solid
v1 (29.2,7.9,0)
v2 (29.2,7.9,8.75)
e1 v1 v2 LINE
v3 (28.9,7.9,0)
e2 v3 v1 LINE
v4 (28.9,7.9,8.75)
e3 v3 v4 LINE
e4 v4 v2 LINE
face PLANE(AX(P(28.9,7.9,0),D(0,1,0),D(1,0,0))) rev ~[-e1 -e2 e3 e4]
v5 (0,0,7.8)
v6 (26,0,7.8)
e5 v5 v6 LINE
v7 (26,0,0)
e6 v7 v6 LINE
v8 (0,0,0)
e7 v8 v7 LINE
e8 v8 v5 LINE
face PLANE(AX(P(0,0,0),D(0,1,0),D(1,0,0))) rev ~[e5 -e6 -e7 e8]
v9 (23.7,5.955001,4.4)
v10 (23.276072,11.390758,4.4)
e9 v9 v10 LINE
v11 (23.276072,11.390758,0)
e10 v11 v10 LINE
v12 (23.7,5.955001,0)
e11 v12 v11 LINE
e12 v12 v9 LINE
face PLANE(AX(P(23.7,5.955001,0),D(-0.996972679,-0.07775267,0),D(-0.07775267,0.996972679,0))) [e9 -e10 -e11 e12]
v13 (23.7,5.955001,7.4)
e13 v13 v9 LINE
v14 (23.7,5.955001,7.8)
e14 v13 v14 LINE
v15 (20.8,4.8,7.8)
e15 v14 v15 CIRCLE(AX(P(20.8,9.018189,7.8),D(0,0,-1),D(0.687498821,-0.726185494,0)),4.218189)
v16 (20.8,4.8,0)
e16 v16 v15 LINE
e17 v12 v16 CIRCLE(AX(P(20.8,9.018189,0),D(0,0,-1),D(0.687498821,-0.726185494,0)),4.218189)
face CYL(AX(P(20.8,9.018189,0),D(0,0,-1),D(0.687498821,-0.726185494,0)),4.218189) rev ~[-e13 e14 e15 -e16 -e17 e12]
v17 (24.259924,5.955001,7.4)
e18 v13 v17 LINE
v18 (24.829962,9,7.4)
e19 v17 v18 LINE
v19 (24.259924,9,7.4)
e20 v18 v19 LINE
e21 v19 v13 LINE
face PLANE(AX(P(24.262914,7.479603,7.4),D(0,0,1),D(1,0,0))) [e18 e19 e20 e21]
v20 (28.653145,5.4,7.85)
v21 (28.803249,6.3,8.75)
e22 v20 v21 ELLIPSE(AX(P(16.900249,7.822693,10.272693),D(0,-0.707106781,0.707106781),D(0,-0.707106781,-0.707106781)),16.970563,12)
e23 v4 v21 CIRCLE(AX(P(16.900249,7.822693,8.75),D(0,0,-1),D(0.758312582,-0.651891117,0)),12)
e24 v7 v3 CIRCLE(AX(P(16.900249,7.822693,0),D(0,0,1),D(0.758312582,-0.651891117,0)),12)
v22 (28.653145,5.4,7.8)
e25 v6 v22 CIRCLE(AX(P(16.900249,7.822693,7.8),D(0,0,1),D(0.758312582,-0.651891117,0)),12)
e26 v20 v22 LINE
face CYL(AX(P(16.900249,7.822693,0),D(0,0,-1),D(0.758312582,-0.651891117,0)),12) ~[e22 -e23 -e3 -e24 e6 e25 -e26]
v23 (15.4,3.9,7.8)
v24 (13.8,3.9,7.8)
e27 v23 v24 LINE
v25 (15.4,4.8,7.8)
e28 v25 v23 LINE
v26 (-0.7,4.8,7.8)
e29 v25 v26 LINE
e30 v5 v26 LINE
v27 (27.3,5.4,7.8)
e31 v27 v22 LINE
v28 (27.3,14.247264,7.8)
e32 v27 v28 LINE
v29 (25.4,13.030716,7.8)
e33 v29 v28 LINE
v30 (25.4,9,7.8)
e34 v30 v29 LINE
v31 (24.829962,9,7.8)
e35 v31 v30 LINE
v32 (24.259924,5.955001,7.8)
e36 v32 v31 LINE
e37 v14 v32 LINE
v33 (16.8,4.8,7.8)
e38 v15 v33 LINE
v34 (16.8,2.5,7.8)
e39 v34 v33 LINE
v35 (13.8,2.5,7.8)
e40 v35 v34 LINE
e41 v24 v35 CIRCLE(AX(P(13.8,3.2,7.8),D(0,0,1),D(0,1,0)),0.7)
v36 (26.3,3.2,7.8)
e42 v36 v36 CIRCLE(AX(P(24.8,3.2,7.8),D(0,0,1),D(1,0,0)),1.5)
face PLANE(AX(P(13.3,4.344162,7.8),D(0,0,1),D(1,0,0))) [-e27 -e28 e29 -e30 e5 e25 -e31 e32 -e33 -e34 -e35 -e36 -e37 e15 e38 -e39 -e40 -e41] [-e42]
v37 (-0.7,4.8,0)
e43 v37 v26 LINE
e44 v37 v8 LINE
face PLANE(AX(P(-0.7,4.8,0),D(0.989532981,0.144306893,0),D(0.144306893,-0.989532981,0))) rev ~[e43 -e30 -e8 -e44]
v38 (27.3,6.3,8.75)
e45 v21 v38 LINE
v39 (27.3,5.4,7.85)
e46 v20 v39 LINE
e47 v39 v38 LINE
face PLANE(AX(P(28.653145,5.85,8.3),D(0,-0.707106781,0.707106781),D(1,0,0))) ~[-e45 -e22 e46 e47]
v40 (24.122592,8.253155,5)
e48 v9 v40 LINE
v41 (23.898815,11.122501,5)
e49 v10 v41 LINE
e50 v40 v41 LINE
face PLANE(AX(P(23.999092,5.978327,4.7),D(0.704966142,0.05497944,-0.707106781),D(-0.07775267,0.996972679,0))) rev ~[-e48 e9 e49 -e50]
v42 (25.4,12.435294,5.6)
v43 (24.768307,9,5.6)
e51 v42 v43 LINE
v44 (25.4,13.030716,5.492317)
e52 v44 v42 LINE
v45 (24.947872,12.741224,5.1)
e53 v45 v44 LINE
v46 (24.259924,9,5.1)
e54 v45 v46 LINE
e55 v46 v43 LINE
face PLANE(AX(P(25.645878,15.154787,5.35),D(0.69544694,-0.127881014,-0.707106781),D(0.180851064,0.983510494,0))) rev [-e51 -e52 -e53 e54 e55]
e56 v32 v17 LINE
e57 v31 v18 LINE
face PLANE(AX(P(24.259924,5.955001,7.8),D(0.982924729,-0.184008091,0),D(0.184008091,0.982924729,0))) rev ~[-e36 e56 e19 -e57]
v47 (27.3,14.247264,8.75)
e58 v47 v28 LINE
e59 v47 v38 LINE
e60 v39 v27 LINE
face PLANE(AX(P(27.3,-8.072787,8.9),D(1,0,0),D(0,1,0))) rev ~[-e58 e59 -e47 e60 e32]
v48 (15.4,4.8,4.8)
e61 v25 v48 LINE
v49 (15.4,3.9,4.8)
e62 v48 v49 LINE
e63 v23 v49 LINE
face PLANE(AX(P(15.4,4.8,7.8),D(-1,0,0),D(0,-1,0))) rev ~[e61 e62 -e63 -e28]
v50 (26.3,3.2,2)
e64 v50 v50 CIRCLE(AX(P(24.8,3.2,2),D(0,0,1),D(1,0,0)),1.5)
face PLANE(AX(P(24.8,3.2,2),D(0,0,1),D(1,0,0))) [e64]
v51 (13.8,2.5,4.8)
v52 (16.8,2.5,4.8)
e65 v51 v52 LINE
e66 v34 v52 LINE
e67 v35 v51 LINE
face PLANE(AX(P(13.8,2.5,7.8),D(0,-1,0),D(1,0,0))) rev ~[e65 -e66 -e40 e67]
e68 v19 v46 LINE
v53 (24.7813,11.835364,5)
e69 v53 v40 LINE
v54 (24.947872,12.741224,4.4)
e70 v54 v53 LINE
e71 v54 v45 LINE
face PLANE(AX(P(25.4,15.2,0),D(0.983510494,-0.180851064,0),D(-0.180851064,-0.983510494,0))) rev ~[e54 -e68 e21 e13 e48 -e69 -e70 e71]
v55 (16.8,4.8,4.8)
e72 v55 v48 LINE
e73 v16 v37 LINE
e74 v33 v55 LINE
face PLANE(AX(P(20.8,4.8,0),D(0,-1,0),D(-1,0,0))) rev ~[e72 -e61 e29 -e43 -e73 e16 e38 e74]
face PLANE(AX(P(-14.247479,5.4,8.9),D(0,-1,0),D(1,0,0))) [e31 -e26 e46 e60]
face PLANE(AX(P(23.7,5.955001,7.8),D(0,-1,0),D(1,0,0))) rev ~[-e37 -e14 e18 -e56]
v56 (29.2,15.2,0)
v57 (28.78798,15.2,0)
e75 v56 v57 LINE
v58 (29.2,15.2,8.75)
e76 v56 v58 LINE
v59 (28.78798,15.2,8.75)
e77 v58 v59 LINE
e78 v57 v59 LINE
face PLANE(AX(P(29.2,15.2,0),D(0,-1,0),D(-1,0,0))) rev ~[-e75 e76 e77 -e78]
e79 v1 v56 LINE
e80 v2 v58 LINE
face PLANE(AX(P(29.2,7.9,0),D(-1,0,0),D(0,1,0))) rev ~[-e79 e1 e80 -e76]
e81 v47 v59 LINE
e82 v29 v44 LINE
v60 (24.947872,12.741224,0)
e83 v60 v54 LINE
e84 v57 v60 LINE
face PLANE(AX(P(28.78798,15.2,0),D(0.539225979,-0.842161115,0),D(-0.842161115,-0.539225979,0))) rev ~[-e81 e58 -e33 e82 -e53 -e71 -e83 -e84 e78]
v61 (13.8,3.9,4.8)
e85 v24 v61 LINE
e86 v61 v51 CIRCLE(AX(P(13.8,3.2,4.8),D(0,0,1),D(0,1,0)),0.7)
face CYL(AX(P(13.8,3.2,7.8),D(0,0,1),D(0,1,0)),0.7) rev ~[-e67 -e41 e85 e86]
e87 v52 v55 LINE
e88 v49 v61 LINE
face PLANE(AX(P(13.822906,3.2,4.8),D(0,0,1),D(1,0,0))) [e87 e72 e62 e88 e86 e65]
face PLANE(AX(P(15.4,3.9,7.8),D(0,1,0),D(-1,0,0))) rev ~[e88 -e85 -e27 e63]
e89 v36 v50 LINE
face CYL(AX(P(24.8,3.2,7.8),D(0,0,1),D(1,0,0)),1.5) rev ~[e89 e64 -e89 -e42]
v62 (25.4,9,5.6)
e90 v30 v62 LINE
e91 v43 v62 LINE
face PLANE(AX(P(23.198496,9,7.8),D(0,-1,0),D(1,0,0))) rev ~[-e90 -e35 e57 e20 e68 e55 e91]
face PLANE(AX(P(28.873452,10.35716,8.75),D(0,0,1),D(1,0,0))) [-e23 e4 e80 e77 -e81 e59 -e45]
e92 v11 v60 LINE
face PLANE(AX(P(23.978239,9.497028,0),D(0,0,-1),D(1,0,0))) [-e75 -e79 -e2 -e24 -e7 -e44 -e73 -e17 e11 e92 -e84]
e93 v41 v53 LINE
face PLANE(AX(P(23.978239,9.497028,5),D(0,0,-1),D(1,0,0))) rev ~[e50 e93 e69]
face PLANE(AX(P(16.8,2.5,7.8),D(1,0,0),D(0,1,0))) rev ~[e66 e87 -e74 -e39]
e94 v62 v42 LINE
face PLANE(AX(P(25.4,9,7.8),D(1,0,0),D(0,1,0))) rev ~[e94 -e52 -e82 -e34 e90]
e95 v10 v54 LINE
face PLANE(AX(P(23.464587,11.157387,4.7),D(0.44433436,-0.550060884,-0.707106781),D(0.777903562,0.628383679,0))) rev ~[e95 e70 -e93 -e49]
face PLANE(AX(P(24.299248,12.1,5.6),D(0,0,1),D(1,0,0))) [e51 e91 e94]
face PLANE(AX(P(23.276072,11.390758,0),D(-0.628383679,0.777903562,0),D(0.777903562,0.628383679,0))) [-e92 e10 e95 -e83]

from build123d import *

# Parameters (mm, degrees)
F1_DEPTH  = 8.9
F2_W      = 28
F2_H      = 24.8338975774
F3_DEPTH  = 1.1
F4_W      = 81.2477835059
F4_H      = 5
F5_DEPTH  = 1.1
F6_R      = 1.5
F7_DEPTH  = 5.8
F8_W      = 8.6927097291
F8_H      = 13.0551015027
F9_DEPTH  = 0.15
F10_SIZE  = 0.9
F12_DEPTH = 3
F13_W     = 2.2015041194
F13_H     = 6.2
F14_DEPTH = 2.2
F15_SIZE  = 0.5
F17_DEPTH = 0.4
F19_DEPTH = 25
F21_DEPTH = 5
F22_SIZE  = 0.6


with BuildPart() as f1:
    # F0 (on Top) → F1 (new body)
    with BuildSketch(Plane.XY):
        with BuildLine():
            Line((-0.7, 4.8), (0, 0))
            Line((0, 0), (26, 0))
            ThreePointArc((26, 0), (28.1652277476, 3.687448042), (28.9, 7.9))
            Line((28.9, 7.9), (29.2, 7.9))
            Line((29.2, 7.9), (29.2, 15.2))
            Line((29.2, 15.2), (25.4, 15.2))
            Line((25.4, 15.2), (23.7, 5.9550013521))
            ThreePointArc((23.7, 5.9550013521), (22.3607712936, 5.0993739442), (20.8, 4.8))
            Line((20.8, 4.8), (-0.7, 4.8))
        make_face()
    extrude(amount=F1_DEPTH)

    # F2 (on face) → F3 (cut)
    with BuildSketch(Plane.XY.offset(8.9)):
        with Locations((13.3, 4.3441619959)):
            Rectangle(F2_W, F2_H)
    extrude(amount=-F3_DEPTH, mode=Mode.SUBTRACT)

    # F4 (on face) → F5 (cut)
    with BuildSketch(Plane.XY.offset(8.9)):
        with Locations((26.3764131814, 2.9)):
            Rectangle(F4_W, F4_H)
    extrude(amount=-F5_DEPTH, mode=Mode.SUBTRACT)

    # F6 (on face) → F7 (cut)
    with BuildSketch(Plane.XY.offset(7.8)):
        with Locations((24.8, 3.2)):
            Circle(F6_R)
    extrude(amount=-F7_DEPTH, mode=Mode.SUBTRACT)

    # F8 (on face) → F9 (cut)
    with BuildSketch(Plane.XY.offset(8.9)):
        with Locations((28.8734519854, 10.3571598884)):
            Rectangle(F8_W, F8_H)
    extrude(amount=-F9_DEPTH, mode=Mode.SUBTRACT)

    # F10
    f10_edges = [f1.edges().sort_by_distance(p)[0] for p in [
        (27.976572, 5.4, 8.75),
    ]]
    chamfer(f10_edges, length=F10_SIZE)

    # F11 (on face) → F12 (cut)
    with BuildSketch(Plane.XY.offset(7.8)):
        with BuildLine():
            ThreePointArc((13.8, 2.5), (14.2949747468, 2.7050252532), (14.5, 3.2))
            ThreePointArc((14.5, 3.2), (14.2949747468, 3.6949747468), (13.8, 3.9))
            ThreePointArc((13.8, 3.9), (13.1, 3.2), (13.8, 2.5))
        make_face()
        with BuildLine():
            ThreePointArc((13.8, 3.9), (14.2949747468, 3.6949747468), (14.5, 3.2))
            ThreePointArc((14.5, 3.2), (14.2949747468, 2.7050252532), (13.8, 2.5))
            Line((13.8, 2.5), (16.8, 2.5))
            Line((16.8, 2.5), (16.8, 4.8))
            Line((16.8, 4.8), (15.4, 4.8))
            Line((15.4, 4.8), (15.4, 3.9))
            Line((15.4, 3.9), (13.8, 3.9))
        make_face()
    extrude(amount=-F12_DEPTH, mode=Mode.SUBTRACT)

    # F13 (on face) → F14 (cut)
    with BuildSketch(Plane.XY.offset(7.8)):
        with Locations((24.2992479403, 12.1)):
            Rectangle(F13_W, F13_H)
    extrude(amount=-F14_DEPTH, mode=Mode.SUBTRACT)

    # F15
    f15_edges = [f1.edges().sort_by_distance(p)[0] for p in [
        (24.829962, 12.1, 5.6),
    ]]
    chamfer(f15_edges, length=F15_SIZE)

    # F16 (on face) → F17 (cut)
    with BuildSketch(Plane.XY.offset(7.8)):
        Polygon((24.8299620583, 9), (24.2599241167, 9), (23.7, 5.9550013521), (24.2599241167, 5.9550013521), align=None)
    extrude(amount=-F17_DEPTH, mode=Mode.SUBTRACT)

    # F18 (on face) → F19 (cut)
    with BuildSketch(Plane(origin=(0, 0, 0), x_dir=(1, 0, 0), z_dir=(0, 0, -1))):
        Polygon((28.7879798561, -15.2), (24.9478723404, -12.7412237639), (25.4, -15.2), align=None)
    extrude(amount=-F19_DEPTH, mode=Mode.SUBTRACT)

    # F20 (on face) → F21 (join)
    with BuildSketch(Plane(origin=(0, 0, 0), x_dir=(1, 0, 0), z_dir=(0, 0, -1))):
        Polygon((23.2760720335, -11.3907581303), (24.9478723404, -12.7412237639), (23.7, -5.9550013521), align=None)
    extrude(amount=-F21_DEPTH)

    # F22
    f22_edges = [f1.edges().sort_by_distance(p)[0] for p in [
        (23.488036, 8.67288, 5),
        (24.111972, 12.065991, 5),
    ]]
    chamfer(f22_edges, length=F22_SIZE)


solid = f1.part
